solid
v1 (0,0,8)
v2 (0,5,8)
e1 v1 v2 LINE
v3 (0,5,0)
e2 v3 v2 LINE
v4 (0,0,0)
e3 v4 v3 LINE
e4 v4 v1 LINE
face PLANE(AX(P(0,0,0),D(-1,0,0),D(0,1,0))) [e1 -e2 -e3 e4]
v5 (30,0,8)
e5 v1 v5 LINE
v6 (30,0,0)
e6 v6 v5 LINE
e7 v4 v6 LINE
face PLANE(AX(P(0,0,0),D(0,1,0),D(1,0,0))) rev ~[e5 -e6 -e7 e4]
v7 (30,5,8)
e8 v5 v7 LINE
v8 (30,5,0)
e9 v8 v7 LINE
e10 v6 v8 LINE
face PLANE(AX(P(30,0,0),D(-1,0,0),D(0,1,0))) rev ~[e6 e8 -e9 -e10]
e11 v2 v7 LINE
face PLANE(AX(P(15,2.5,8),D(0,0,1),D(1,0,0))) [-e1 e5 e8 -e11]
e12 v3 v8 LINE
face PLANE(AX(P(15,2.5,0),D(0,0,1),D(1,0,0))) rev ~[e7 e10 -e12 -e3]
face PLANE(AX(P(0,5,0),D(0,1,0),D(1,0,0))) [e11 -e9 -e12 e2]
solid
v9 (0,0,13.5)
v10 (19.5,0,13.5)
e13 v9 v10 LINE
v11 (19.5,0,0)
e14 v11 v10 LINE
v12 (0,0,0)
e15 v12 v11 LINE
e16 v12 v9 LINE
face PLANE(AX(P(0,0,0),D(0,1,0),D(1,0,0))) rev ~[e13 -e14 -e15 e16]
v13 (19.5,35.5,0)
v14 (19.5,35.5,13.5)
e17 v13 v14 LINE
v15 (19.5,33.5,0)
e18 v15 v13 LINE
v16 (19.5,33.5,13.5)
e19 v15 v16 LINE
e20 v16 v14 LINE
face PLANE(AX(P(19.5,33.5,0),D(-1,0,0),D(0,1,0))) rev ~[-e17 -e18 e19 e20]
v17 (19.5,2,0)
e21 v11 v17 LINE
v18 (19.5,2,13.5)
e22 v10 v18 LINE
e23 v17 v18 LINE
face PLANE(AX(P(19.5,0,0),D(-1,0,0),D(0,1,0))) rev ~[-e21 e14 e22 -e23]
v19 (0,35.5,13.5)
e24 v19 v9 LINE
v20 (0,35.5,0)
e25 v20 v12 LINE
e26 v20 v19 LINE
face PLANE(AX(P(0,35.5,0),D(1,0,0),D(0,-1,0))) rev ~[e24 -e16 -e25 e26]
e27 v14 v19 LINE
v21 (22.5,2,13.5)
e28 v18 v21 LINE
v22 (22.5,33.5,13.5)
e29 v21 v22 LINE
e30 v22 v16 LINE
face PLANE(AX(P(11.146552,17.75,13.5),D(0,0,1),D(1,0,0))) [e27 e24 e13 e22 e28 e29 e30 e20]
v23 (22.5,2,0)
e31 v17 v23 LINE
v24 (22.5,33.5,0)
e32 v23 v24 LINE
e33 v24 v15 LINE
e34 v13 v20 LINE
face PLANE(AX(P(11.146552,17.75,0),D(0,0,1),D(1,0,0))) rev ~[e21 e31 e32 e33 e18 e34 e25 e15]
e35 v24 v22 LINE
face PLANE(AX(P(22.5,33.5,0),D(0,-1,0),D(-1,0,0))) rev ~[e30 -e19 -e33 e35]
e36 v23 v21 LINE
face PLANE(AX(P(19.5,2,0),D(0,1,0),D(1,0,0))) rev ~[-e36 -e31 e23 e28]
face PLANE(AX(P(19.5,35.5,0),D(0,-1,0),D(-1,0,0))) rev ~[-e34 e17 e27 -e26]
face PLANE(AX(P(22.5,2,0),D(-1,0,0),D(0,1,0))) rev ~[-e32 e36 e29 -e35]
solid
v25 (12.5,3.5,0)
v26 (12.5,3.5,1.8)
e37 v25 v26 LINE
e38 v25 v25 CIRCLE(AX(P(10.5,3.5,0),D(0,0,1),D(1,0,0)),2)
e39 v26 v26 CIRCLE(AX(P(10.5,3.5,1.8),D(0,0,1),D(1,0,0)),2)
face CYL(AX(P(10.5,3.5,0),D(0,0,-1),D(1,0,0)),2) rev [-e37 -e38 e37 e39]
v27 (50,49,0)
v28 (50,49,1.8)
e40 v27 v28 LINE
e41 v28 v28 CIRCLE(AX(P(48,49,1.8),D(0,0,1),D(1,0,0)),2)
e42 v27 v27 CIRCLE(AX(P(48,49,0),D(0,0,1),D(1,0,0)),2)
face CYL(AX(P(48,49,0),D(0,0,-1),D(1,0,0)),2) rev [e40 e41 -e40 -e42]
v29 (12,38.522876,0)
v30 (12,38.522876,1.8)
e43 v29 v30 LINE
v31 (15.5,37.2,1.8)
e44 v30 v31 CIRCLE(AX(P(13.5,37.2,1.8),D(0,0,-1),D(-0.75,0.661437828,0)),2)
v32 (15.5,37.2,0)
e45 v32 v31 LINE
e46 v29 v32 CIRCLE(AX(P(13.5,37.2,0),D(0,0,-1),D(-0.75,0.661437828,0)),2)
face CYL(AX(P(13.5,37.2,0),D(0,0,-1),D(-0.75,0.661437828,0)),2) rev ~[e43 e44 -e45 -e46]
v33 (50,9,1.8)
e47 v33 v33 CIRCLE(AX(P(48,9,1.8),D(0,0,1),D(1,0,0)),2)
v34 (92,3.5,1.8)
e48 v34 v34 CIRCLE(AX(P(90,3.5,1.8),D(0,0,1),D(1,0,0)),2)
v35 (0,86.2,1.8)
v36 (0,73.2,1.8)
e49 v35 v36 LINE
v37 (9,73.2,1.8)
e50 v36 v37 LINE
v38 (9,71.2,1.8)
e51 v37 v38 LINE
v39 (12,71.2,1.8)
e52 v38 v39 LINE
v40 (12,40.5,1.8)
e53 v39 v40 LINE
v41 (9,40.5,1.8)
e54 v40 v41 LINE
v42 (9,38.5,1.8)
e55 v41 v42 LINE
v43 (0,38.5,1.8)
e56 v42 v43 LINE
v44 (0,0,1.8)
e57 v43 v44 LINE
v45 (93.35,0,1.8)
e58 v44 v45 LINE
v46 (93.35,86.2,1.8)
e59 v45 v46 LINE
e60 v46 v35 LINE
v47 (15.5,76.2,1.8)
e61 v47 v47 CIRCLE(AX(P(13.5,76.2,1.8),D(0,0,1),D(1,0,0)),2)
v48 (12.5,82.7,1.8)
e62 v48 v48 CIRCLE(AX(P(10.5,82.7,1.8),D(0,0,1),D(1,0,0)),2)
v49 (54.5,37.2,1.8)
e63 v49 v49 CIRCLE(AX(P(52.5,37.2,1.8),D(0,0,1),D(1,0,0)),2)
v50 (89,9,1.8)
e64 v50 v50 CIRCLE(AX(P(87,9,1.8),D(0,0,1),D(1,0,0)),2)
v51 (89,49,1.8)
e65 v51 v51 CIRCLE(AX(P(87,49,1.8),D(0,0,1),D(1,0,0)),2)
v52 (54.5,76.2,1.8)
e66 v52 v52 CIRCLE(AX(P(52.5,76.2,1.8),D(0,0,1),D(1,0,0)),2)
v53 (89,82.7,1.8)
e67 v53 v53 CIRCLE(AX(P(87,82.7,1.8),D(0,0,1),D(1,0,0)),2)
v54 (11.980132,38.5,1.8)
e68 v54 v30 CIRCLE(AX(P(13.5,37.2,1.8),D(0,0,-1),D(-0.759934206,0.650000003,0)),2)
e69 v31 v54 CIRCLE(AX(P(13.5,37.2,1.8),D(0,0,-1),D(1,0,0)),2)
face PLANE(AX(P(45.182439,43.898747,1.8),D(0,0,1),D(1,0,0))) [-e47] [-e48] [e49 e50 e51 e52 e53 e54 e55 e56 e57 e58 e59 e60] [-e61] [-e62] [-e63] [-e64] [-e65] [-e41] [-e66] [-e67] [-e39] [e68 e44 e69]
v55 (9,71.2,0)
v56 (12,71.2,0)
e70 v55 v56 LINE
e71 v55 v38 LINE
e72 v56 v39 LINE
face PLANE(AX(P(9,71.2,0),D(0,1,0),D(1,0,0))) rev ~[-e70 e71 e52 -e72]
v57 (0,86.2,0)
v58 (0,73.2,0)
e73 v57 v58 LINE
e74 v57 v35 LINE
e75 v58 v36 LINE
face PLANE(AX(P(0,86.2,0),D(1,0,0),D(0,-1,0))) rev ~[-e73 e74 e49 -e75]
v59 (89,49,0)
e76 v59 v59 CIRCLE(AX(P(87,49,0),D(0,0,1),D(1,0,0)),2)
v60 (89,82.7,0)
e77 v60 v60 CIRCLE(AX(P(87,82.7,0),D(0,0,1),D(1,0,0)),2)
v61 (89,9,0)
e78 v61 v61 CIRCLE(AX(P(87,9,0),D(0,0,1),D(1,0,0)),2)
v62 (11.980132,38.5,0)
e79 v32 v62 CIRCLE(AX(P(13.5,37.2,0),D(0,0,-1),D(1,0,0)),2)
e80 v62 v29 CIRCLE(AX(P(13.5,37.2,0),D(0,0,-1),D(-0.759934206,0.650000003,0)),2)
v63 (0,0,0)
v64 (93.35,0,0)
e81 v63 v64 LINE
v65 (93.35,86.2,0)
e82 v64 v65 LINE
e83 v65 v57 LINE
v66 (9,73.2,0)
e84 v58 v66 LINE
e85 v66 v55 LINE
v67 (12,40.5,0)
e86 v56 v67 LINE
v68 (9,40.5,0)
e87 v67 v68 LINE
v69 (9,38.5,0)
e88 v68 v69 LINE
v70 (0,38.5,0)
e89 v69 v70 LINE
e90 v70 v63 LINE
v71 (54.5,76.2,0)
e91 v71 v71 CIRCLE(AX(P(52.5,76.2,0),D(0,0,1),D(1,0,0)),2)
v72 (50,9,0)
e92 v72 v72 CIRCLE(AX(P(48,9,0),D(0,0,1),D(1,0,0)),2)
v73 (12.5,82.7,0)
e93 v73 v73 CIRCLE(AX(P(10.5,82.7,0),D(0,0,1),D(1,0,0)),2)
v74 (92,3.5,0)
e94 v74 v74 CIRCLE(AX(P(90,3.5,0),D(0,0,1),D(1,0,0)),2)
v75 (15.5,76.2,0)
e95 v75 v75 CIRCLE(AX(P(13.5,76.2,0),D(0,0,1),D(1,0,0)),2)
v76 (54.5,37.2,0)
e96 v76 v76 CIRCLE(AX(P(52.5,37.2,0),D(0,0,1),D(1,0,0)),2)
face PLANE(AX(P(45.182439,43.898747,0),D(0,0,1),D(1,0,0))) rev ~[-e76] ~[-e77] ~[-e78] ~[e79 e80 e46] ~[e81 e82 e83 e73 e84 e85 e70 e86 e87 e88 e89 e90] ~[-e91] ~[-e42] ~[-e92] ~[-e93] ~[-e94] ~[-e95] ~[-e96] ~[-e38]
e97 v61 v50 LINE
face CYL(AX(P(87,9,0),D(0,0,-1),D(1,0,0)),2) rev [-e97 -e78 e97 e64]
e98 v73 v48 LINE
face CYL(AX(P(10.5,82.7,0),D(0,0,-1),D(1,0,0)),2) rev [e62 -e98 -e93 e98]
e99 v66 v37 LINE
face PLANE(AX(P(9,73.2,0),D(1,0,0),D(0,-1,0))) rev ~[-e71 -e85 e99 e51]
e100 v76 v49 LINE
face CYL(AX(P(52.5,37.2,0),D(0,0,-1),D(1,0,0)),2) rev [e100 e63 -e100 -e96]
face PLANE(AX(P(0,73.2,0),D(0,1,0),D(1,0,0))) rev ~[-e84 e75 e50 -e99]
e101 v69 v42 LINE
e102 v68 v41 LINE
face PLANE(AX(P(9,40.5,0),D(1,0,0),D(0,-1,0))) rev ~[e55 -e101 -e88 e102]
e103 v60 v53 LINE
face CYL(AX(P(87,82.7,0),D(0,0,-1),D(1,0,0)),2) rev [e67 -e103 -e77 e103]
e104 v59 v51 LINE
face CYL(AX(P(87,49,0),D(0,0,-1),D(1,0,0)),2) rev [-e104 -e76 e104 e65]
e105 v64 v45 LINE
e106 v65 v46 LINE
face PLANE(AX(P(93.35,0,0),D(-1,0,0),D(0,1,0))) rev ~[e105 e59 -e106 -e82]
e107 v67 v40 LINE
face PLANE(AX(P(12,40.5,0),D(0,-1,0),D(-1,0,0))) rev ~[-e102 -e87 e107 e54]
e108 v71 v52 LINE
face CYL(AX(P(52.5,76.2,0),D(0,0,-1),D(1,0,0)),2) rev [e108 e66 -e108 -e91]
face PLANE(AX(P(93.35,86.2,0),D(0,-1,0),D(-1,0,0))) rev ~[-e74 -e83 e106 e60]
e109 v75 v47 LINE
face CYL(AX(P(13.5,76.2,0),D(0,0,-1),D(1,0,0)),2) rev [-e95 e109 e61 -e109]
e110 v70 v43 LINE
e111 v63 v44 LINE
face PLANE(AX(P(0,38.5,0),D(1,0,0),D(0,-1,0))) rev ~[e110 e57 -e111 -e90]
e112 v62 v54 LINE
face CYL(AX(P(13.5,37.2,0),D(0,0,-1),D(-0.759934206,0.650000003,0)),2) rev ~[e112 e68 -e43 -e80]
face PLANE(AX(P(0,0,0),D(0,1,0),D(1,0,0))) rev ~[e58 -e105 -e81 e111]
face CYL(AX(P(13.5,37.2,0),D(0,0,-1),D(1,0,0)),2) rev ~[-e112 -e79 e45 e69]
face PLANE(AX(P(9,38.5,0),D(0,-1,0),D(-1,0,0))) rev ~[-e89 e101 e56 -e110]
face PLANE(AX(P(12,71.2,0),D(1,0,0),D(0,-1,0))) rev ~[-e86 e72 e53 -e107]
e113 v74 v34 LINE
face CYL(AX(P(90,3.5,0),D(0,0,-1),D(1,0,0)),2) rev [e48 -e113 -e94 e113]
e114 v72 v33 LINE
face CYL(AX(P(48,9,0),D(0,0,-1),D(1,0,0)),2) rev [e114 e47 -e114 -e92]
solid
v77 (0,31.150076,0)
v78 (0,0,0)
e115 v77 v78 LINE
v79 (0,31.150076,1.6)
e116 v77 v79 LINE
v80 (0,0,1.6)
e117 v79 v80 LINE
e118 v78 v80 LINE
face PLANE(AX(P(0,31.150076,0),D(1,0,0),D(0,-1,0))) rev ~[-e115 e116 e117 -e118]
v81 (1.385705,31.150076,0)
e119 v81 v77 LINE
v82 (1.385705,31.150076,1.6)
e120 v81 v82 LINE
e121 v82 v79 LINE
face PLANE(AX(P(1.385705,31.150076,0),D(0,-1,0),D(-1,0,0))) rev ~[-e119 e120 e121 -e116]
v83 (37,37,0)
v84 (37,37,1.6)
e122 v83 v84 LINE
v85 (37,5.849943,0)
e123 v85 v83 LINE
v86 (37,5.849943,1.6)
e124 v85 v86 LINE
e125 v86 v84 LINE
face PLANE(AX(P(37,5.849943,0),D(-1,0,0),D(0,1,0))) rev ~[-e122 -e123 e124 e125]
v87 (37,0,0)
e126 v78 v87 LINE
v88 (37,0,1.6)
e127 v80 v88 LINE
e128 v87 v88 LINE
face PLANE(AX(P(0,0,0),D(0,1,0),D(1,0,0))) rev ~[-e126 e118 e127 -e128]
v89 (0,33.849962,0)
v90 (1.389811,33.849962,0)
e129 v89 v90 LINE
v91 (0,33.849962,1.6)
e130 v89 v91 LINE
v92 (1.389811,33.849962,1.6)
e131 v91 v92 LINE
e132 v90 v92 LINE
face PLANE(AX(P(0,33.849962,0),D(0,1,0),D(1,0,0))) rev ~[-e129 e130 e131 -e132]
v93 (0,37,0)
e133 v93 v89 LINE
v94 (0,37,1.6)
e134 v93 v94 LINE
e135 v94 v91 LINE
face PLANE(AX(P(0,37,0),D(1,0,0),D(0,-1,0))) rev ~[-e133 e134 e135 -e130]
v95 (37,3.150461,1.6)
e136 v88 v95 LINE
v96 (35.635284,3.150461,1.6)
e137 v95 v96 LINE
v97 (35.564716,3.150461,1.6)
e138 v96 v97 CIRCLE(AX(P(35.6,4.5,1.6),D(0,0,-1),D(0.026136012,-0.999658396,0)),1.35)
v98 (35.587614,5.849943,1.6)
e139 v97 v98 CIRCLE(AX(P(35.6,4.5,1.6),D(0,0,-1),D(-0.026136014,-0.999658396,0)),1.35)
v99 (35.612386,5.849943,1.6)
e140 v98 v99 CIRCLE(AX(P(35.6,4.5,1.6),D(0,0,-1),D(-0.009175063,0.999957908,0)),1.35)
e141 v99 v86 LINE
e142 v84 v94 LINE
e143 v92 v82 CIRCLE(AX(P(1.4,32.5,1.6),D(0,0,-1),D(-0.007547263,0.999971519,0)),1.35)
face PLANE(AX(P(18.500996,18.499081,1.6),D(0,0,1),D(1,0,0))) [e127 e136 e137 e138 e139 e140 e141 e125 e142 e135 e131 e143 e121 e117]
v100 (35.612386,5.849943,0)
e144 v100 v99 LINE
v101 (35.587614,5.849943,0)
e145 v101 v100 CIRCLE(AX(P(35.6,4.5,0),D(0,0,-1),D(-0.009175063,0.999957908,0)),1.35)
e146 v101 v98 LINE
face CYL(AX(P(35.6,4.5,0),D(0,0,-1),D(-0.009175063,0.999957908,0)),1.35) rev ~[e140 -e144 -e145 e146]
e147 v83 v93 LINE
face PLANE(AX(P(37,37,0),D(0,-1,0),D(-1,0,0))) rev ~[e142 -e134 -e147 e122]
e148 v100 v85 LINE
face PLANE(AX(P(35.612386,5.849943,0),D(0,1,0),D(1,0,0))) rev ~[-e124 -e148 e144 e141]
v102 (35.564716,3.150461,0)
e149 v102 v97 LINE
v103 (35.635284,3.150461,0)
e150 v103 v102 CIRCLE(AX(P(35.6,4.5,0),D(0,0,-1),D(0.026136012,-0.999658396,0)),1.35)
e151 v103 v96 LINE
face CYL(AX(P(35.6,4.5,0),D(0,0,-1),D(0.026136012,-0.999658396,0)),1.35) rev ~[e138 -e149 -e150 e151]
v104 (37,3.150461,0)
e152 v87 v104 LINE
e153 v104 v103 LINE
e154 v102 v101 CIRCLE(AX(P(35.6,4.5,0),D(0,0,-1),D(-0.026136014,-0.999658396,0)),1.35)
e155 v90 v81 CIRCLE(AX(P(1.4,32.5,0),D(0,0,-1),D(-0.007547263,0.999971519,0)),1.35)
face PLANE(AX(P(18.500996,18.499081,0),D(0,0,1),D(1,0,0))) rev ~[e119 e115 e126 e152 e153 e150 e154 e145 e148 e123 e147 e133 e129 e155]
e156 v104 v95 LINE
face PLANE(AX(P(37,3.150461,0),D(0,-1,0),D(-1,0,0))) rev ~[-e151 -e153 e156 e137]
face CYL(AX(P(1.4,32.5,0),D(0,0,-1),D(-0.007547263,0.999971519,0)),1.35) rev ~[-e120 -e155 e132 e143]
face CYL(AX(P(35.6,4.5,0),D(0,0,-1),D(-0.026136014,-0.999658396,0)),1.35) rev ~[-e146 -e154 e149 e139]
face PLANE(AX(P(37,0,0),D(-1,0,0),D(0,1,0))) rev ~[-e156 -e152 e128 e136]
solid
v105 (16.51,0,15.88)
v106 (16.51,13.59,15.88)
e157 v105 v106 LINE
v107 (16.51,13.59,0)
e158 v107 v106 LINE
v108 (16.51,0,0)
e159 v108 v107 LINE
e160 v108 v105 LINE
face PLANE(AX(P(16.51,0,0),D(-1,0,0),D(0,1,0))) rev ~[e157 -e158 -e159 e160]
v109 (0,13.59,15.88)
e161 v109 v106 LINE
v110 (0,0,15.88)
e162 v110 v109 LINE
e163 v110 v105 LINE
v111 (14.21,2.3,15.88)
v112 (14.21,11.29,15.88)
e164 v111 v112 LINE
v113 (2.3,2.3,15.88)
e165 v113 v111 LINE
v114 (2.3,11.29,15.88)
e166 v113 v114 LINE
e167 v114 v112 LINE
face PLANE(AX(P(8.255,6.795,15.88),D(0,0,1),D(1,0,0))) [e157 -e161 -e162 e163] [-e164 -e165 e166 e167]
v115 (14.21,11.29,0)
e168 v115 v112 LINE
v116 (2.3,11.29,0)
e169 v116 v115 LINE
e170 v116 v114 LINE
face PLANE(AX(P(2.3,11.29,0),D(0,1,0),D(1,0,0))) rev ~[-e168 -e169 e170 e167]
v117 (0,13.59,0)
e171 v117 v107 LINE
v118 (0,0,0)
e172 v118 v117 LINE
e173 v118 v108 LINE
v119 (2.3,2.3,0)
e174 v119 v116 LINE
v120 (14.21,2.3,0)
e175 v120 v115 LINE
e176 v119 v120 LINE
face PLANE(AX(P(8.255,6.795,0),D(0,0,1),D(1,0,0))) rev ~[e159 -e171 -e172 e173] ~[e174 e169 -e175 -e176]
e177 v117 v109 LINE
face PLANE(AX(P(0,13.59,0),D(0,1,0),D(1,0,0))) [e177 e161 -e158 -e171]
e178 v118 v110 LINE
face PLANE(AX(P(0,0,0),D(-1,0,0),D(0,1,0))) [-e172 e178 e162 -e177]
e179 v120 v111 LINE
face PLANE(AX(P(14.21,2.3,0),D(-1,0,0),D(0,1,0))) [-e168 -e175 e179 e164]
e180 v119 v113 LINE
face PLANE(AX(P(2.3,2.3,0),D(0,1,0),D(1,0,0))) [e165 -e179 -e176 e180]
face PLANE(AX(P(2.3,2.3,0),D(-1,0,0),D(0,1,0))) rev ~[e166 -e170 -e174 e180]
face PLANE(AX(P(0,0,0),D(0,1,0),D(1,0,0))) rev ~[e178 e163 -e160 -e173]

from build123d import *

# Parameters (mm, degrees)
F1_DEPTH = 1.6
F2_W     = 30
F2_H     = 5
F3_DEPTH = 8
F4_R     = 2
F5_DEPTH = 1.8
F7_DEPTH = 13.5
F8_W     = 16.51
F8_H     = 13.59
F8_W_2   = 11.9099998979
F8_H_2   = 8.9899998979
F9_DEPTH = 15.88


with BuildPart() as f1:
    # F0 (on Top) → F1 (new body)
    with BuildSketch(Plane.XY):
        with BuildLine():
            Line((0, 31.1500756876), (0, 0))
            Line((0, 0), (37, 0))
            Line((37, 0), (37, 3.1504611653))
            Line((37, 3.1504611653), (35.6352836186, 3.1504611653))
            ThreePointArc((35.6352836186, 3.1504611653), (35.6, 3.15), (35.5647163814, 3.1504611653))
            ThreePointArc((35.5647163814, 3.1504611653), (34.250048561, 4.5114504264), (35.5876136644, 5.8499431761))
            ThreePointArc((35.5876136644, 5.8499431761), (35.6, 5.85), (35.6123863356, 5.8499431761))
            Line((35.6123863356, 5.8499431761), (37, 5.8499431761))
            Line((37, 5.8499431761), (37, 37))
            Line((37, 37), (0, 37))
            Line((0, 37), (0, 33.8499615507))
            Line((0, 33.8499615507), (1.3898111945, 33.8499615507))
            ThreePointArc((1.3898111945, 33.8499615507), (2.7499984386, 32.4979467523), (1.385704868, 31.1500756876))
            Line((1.385704868, 31.1500756876), (0, 31.1500756876))
        make_face()
    extrude(amount=F1_DEPTH)


with BuildPart() as f3:
    # F2 (on Top) → F3 (new body)
    with BuildSketch(Plane.XY):
        with Locations((15, 2.5)):
            Rectangle(F2_W, F2_H)
    extrude(amount=F3_DEPTH)


with BuildPart() as f5:
    # F4 (on Top) → F5 (new body)
    with BuildSketch(Plane.XY):
        Polygon((0, 38.5), (0, 0), (93.35, 0), (93.35, 86.2), (0, 86.2), (0, 73.2), (9, 73.2), (9, 71.2), (12, 71.2), (12, 40.5), (9, 40.5), (9, 38.5), align=None)
        with Locations((10.5, 3.5)):
            Circle(F4_R, mode=Mode.SUBTRACT)
        with BuildLine():
            ThreePointArc((12, 38.5228756555), (14.2071067812, 39.0708286934), (15.5, 37.2))
            ThreePointArc((15.5, 37.2), (12.8070847204, 35.3238687638), (11.9801315846, 38.5))
            ThreePointArc((11.9801315846, 38.5), (11.9900224719, 38.5114754533), (12, 38.5228756555))
        make_face(mode=Mode.SUBTRACT)
        with Locations((48, 9)):
            Circle(F4_R, mode=Mode.SUBTRACT)
        with Locations((90, 3.5)):
            Circle(F4_R, mode=Mode.SUBTRACT)
        with Locations((87, 9)):
            Circle(F4_R, mode=Mode.SUBTRACT)
        with Locations((52.5, 37.2)):
            Circle(F4_R, mode=Mode.SUBTRACT)
        with Locations((10.5, 82.7)):
            Circle(F4_R, mode=Mode.SUBTRACT)
        with Locations((13.5, 76.2)):
            Circle(F4_R, mode=Mode.SUBTRACT)
        with Locations((48, 49)):
            Circle(F4_R, mode=Mode.SUBTRACT)
        with Locations((87, 49)):
            Circle(F4_R, mode=Mode.SUBTRACT)
        with Locations((52.5, 76.2)):
            Circle(F4_R, mode=Mode.SUBTRACT)
        with Locations((87, 82.7)):
            Circle(F4_R, mode=Mode.SUBTRACT)
    extrude(amount=F5_DEPTH)


with BuildPart() as f7:
    # F6 (on Top) → F7 (new body)
    with BuildSketch(Plane.XY):
        Polygon((0, 35.5), (0, 0), (19.5, 0), (19.5, 2), (22.5, 2), (22.5, 33.5), (19.5, 33.5), (19.5, 35.5), align=None)
    extrude(amount=F7_DEPTH)


with BuildPart() as f9:
    # F8 (on Top) → F9 (new body)
    with BuildSketch(Plane.XY):
        with Locations((8.255, 6.795)):
            Rectangle(F8_W, F8_H)
        with Locations((8.255, 6.795)):
            Rectangle(F8_W_2, F8_H_2, mode=Mode.SUBTRACT)
    extrude(amount=F9_DEPTH)


solid = Compound([f1.part, f3.part, f5.part, f7.part, f9.part])
